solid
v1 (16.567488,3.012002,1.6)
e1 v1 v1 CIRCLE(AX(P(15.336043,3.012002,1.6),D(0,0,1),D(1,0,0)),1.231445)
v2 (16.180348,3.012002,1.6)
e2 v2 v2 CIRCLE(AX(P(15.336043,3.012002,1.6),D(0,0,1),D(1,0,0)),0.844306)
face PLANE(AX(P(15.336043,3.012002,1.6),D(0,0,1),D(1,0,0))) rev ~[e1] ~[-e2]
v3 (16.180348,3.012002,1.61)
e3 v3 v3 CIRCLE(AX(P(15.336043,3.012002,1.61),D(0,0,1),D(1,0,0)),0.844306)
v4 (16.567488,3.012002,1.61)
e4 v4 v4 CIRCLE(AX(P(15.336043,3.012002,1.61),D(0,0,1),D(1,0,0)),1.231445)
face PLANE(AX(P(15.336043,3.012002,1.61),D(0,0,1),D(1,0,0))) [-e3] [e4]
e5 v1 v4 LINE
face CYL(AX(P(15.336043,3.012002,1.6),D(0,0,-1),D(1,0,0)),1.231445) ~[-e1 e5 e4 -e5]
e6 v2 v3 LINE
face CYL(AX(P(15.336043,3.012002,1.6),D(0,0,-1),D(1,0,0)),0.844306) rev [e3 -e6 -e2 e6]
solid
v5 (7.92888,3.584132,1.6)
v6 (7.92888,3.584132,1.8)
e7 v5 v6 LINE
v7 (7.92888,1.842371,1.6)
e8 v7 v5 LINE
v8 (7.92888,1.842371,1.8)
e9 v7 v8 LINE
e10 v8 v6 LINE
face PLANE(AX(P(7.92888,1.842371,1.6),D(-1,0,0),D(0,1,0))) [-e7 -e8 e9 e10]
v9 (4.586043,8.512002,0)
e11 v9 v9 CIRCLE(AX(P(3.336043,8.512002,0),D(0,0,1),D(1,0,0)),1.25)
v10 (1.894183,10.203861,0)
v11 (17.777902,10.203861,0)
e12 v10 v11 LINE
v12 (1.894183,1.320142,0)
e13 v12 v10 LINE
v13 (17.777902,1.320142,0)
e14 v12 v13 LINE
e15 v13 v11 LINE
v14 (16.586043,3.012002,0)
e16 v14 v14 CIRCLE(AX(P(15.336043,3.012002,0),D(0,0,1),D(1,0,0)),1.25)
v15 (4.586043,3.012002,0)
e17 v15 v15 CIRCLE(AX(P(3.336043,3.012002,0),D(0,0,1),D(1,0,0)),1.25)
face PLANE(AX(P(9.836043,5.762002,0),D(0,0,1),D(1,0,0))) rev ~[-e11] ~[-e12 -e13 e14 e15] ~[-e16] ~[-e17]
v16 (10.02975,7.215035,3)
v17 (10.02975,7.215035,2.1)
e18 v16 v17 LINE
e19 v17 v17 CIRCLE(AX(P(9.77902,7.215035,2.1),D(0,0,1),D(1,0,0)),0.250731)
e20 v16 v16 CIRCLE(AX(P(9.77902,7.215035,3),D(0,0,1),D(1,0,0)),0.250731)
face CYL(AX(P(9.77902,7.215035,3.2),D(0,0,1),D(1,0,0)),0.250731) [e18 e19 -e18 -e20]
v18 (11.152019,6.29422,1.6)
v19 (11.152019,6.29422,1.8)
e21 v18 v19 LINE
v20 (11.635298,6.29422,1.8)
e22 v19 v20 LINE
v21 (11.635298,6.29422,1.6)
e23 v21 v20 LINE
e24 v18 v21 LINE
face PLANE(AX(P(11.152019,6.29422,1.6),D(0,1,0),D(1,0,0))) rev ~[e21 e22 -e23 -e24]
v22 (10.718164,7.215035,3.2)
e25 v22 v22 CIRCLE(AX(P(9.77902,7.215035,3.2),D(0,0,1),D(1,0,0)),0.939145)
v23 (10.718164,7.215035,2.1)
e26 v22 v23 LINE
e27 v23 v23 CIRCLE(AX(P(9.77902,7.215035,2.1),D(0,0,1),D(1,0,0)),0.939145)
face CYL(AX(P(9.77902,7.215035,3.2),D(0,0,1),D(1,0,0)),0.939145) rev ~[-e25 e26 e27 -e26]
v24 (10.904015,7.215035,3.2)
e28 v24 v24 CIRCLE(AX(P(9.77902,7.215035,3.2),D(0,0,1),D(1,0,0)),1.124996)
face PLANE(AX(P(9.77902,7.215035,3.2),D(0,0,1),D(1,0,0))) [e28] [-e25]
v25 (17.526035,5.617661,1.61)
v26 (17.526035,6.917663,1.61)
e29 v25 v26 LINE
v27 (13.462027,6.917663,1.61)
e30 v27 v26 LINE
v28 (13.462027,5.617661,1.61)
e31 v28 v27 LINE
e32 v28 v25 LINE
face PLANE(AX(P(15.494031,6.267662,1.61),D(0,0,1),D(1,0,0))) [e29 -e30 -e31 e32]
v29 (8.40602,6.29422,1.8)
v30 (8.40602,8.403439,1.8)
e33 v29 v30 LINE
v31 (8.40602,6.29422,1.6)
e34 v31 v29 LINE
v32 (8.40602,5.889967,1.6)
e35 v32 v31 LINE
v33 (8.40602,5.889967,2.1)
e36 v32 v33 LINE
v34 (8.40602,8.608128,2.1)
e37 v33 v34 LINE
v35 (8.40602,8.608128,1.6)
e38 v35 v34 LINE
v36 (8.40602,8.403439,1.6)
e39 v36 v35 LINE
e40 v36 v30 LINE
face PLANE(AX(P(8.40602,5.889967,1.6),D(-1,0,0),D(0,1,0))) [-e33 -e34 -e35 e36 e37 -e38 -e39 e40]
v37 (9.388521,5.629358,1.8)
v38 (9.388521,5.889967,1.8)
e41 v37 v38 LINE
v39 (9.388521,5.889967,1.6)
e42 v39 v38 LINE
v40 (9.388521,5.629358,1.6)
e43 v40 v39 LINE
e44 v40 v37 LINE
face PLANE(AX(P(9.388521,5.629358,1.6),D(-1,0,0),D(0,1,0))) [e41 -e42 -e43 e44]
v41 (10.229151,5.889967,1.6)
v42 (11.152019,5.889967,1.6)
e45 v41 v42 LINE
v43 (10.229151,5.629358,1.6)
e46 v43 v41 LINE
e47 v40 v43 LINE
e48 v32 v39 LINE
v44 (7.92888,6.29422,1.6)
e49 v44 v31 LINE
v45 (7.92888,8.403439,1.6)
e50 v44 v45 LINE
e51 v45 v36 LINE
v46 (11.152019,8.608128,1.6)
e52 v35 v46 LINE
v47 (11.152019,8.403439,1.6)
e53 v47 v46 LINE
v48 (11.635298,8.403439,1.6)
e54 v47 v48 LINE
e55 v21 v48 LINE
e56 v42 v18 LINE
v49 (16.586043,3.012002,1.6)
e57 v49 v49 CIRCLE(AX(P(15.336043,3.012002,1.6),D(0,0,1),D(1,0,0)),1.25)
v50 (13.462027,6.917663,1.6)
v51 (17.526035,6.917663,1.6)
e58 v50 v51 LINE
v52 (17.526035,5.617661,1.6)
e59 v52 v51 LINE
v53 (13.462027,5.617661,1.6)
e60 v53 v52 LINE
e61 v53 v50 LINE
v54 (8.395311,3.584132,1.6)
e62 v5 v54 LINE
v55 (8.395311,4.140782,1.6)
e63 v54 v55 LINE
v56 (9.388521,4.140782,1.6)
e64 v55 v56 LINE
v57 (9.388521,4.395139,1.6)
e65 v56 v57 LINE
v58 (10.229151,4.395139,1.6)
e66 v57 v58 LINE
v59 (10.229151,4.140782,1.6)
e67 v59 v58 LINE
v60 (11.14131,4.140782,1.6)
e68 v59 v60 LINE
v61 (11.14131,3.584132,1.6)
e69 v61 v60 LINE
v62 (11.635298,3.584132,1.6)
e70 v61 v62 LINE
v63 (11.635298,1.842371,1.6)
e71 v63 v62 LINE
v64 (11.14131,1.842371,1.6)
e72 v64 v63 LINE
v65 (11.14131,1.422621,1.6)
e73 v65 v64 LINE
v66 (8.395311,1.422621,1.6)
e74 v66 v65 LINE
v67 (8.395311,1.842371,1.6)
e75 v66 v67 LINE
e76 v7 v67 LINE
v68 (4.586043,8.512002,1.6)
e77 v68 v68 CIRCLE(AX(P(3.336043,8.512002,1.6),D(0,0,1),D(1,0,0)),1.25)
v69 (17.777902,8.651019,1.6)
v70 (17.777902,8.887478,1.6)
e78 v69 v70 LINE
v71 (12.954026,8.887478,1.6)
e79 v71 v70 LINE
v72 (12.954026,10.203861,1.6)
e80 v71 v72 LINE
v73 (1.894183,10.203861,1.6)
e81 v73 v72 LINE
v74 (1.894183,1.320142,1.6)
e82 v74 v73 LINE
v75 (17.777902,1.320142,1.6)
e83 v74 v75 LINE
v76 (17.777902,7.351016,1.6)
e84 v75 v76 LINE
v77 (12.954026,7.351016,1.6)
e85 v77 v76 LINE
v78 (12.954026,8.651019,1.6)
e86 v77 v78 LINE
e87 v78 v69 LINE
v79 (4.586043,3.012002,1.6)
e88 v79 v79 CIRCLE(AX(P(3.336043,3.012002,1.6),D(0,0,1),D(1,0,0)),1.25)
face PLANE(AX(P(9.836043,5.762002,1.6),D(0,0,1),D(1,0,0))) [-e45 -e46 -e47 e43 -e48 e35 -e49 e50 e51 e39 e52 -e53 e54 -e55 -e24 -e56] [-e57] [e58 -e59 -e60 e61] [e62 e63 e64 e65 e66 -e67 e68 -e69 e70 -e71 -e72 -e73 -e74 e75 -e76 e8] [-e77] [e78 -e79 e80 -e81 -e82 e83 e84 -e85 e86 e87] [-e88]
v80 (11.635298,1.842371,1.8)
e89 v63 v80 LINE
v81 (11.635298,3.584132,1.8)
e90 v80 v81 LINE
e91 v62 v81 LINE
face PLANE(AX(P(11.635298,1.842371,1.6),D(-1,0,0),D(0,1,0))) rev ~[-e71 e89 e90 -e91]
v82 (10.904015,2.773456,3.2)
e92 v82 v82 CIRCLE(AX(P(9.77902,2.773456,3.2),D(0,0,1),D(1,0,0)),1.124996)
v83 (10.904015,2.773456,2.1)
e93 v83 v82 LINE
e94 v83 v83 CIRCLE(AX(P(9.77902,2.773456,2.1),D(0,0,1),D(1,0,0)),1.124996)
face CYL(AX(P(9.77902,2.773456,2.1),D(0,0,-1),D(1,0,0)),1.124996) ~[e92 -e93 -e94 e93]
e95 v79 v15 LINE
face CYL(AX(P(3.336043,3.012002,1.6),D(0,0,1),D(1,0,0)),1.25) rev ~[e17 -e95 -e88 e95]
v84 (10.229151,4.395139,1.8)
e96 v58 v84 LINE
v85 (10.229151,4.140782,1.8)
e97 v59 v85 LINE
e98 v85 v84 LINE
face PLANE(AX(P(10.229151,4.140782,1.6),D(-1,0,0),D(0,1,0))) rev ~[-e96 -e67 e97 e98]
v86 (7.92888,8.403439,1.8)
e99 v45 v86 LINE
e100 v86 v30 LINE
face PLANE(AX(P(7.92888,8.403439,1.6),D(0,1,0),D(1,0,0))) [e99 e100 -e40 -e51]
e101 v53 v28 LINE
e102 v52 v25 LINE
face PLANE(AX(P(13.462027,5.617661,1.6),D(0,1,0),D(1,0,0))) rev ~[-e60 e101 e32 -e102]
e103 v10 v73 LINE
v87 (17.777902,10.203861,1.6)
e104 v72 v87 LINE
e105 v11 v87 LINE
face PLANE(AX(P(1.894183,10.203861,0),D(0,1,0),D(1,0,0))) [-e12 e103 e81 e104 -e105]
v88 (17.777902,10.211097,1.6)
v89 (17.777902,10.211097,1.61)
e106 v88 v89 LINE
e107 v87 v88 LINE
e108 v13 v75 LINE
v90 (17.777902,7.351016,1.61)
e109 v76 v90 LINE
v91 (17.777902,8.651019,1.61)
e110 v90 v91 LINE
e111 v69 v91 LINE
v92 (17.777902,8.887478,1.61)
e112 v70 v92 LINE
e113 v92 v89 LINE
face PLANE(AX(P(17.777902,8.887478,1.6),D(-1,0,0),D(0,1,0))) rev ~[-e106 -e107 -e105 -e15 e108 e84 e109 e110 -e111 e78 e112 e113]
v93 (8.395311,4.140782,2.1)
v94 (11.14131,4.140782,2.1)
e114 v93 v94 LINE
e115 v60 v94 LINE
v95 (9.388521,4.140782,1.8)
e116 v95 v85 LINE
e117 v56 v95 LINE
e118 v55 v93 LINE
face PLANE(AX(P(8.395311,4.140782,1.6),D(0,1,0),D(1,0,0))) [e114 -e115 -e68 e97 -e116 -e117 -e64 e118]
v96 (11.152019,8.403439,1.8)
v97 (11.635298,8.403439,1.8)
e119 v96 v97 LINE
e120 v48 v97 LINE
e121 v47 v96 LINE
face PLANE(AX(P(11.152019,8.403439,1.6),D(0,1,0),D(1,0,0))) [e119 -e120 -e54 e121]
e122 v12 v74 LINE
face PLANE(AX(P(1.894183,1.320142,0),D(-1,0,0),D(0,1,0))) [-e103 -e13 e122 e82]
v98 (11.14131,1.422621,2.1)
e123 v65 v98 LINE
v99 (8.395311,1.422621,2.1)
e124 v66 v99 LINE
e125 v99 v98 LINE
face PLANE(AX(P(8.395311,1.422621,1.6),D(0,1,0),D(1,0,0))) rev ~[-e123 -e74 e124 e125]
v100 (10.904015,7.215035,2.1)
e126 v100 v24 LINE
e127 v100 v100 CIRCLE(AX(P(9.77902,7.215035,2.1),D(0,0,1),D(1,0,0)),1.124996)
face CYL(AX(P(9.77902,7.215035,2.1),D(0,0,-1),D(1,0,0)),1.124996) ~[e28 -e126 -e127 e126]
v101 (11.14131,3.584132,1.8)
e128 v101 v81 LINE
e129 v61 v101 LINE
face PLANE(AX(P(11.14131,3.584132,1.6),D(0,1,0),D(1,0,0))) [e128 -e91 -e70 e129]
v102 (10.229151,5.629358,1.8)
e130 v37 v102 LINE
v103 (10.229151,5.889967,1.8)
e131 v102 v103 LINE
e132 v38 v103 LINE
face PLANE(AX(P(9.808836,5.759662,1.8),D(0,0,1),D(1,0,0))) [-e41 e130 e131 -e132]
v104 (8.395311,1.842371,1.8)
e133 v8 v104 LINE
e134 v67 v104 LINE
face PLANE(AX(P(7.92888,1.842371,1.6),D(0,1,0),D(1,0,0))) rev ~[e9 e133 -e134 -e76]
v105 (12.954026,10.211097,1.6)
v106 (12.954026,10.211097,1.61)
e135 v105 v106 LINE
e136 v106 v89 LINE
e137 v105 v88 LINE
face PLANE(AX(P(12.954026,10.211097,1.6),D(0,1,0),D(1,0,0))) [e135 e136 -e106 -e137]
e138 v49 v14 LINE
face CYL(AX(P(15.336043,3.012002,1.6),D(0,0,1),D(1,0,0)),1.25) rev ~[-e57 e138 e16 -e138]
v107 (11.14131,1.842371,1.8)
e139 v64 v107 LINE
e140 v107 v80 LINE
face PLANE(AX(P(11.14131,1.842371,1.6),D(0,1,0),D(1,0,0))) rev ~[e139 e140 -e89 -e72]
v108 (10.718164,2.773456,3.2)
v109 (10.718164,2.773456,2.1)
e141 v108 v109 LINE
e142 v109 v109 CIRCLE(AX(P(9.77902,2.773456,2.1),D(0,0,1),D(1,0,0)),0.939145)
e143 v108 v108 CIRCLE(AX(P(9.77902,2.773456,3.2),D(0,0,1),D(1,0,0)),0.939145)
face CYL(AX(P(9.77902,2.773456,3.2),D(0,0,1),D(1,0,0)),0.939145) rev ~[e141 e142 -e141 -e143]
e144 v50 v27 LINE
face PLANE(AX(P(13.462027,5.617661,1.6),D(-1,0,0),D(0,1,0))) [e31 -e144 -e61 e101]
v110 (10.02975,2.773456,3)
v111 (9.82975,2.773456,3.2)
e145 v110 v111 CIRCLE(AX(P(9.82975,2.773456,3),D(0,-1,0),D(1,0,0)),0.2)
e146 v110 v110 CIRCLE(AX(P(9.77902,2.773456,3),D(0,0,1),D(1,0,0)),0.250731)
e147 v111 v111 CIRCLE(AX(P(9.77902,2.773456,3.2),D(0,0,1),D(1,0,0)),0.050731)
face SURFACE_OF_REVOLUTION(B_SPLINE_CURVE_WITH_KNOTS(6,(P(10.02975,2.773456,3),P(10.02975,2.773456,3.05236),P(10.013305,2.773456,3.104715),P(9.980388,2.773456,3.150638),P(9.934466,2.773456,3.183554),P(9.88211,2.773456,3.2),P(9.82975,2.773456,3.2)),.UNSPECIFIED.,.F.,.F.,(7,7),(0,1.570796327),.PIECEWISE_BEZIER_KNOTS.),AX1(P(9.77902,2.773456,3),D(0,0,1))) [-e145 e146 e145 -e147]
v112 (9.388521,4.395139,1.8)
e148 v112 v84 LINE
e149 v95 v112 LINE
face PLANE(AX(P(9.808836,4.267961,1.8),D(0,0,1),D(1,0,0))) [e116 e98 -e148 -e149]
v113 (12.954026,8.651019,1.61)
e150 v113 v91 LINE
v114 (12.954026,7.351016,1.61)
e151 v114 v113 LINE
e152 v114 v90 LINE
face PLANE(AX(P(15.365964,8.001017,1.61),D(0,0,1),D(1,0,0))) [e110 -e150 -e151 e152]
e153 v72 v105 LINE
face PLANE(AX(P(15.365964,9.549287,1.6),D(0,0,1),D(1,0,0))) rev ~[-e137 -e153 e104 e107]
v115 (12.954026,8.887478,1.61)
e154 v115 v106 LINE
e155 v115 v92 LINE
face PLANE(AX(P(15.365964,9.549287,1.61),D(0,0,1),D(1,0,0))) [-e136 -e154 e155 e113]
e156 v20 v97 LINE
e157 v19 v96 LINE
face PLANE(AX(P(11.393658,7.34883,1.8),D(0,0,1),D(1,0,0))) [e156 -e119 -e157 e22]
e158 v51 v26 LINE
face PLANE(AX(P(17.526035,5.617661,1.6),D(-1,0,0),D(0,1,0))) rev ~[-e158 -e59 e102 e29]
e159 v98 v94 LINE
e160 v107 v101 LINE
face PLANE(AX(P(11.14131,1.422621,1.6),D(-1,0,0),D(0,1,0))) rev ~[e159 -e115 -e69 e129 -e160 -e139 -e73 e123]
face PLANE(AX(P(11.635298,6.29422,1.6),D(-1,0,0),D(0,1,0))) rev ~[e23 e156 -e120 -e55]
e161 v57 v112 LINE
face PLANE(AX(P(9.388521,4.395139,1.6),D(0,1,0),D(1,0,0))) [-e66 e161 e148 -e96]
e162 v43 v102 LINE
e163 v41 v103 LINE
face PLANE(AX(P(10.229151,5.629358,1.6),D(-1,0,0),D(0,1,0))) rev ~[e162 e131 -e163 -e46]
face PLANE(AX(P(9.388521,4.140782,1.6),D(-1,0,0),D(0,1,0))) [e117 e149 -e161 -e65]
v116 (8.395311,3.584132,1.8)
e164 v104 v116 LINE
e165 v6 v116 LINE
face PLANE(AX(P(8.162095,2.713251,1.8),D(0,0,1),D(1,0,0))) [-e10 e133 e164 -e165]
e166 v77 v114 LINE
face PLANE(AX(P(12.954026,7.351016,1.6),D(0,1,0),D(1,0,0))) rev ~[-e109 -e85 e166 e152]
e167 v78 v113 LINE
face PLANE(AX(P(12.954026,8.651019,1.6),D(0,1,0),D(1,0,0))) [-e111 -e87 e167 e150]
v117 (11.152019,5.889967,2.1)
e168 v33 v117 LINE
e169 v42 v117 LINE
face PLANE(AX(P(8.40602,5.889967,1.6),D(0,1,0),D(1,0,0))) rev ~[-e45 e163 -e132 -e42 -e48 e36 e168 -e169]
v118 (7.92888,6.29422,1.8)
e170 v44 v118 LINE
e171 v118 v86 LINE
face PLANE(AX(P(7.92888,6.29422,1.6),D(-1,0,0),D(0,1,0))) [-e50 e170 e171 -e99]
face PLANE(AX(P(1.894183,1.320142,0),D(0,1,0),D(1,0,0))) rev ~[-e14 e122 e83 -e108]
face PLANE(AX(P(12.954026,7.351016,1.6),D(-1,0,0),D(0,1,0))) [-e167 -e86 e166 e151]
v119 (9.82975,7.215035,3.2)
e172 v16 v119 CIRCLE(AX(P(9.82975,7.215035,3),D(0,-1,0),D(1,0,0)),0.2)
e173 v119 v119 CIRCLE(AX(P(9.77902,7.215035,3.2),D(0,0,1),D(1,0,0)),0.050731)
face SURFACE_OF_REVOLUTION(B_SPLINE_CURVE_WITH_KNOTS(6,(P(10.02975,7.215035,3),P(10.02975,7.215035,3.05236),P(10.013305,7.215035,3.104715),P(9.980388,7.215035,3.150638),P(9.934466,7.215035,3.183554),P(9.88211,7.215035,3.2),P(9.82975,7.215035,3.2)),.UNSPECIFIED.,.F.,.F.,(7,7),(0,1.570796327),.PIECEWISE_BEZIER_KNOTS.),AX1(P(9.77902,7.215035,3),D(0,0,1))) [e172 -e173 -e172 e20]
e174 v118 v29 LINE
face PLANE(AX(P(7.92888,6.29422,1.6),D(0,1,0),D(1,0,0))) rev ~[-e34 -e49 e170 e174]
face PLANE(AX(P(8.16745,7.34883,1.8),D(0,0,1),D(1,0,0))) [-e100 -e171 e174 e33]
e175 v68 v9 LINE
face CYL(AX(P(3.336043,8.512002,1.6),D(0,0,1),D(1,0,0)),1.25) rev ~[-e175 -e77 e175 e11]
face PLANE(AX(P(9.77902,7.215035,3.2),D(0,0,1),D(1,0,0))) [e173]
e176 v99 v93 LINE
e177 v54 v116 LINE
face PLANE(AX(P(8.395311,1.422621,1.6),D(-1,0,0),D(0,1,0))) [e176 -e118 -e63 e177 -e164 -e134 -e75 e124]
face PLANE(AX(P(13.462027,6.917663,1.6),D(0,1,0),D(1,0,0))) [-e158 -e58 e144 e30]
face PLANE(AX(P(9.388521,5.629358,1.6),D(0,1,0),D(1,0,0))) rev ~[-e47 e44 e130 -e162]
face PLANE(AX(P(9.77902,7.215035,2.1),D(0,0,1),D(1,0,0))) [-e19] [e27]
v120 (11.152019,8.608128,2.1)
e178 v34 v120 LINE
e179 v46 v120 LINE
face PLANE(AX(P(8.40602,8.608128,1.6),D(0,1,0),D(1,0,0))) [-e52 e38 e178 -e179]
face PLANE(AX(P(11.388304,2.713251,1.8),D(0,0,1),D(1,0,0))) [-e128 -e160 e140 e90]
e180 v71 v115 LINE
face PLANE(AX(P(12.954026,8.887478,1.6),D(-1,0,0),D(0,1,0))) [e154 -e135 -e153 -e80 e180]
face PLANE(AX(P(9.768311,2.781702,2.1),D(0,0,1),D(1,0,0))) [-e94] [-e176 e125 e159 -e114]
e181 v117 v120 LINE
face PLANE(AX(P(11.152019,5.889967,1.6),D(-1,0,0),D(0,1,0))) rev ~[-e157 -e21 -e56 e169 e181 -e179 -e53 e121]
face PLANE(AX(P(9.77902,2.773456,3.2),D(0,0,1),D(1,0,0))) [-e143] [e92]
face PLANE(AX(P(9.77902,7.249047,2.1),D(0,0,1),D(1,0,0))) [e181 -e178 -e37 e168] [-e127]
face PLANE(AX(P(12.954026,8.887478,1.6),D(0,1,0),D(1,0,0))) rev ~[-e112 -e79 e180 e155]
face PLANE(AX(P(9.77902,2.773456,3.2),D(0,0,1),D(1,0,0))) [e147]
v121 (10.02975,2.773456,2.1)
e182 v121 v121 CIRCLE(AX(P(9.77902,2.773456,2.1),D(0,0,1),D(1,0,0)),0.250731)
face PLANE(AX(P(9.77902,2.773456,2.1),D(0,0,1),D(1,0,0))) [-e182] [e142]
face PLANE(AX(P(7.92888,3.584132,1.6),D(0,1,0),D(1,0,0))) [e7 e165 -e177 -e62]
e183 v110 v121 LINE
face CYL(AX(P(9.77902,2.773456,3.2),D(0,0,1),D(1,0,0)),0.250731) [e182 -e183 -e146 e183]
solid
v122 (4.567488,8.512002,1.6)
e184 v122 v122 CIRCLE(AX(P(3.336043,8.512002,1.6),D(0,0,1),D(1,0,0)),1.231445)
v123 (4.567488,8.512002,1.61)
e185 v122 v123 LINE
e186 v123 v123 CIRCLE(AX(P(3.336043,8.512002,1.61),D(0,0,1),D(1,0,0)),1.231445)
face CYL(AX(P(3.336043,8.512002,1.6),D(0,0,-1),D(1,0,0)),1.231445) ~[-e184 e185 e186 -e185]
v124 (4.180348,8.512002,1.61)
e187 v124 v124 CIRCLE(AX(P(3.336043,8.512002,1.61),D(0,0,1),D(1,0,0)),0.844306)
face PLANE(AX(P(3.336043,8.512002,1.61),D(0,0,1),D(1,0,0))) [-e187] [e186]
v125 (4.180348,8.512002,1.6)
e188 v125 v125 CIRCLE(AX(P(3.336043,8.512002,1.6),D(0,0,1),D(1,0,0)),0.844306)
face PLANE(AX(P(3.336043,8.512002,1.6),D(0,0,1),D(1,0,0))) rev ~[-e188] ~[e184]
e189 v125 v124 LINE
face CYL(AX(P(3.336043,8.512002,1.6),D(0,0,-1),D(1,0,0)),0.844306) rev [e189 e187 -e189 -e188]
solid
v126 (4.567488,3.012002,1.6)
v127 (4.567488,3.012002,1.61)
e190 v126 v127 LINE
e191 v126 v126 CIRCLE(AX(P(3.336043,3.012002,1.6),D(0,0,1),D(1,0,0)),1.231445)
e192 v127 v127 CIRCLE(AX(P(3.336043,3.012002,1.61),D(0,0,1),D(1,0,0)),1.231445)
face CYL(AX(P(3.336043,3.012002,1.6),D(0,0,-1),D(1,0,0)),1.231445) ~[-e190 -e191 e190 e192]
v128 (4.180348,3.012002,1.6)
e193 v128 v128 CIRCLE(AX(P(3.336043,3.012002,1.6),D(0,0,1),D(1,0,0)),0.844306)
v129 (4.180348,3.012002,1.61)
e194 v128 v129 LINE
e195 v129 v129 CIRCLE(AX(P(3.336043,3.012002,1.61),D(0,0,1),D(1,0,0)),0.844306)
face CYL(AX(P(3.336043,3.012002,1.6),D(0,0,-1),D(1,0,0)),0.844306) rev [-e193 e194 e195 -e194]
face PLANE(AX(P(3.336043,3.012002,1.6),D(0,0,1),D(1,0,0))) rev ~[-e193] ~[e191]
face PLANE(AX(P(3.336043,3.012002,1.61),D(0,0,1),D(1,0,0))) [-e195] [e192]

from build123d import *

# Parameters (mm, degrees)
SKETCH_2_W          = 15.883718568
SKETCH_2_H          = 8.883718568
EXTRUDE_1_DEPTH     = 1.6
SKETCH_3_R          = 1.25
CUT_EXTRUDE_1_DEPTH = 2.6
SKETCH_4_W          = 2.745999492
SKETCH_4_H          = 2.718161036
EXTRUDE_2_DEPTH     = 0.5
SKETCH_5_R          = 1.12499557
EXTRUDE_3_DEPTH     = 1.1
SKETCH_6_R          = 0.939144678
SKETCH_6_R_2        = 0.250730718
CUT_EXTRUDE_2_DEPTH = 1.1
SKETCH_7_W          = 4.823876048
SKETCH_7_H          = 1.323618812
SKETCH_7_H_2        = 1.30000254
SKETCH_7_W_2        = 4.064007974
SKETCH_7_H_3        = 1.300002495
EXTRUDE_4_DEPTH     = 0.01
SKETCH_8_R          = 1.23144493
SKETCH_8_R_2        = 0.844305723
EXTRUDE_5_DEPTH     = 0.01
EXTRUDE_5_2_DEPTH   = 0.01
EXTRUDE_5_3_DEPTH   = 0.01
SKETCH_10_W         = 0.477139809
SKETCH_10_H         = 2.109219038
SKETCH_10_W_2       = 0.48327821
SKETCH_10_W_3       = 0.840630776
SKETCH_10_H_2       = 0.260609051
SKETCH_10_W_4       = 0.466430951
SKETCH_10_H_3       = 1.741760788
SKETCH_10_W_5       = 0.493987068
SKETCH_10_H_4       = 0.254356202
EXTRUDE_6_DEPTH     = 0.2
FILLET_1_R          = 0.2


with BuildPart() as part:
    # 草图2 → 凸台-拉伸1 (new body)
    with BuildSketch(Plane.XY):
        with Locations((9.836042672, 5.762001524)):
            Rectangle(SKETCH_2_W, SKETCH_2_H)
    extrude(amount=EXTRUDE_1_DEPTH)

    # 草图3 → 切除-拉伸1 (cut, through all)
    with BuildSketch(Plane.XY.offset(1.6)):
        with Locations((3.336042672, 8.512001524)):
            Circle(SKETCH_3_R)
        with Locations((15.336042672, 3.012001525)):
            Circle(SKETCH_3_R)
        with Locations((3.336042672, 3.012001524)):
            Circle(SKETCH_3_R)
    extrude(amount=-CUT_EXTRUDE_1_DEPTH, mode=Mode.SUBTRACT)

    # 草图4 → 凸台-拉伸2 (add)
    with BuildSketch(Plane.XY.offset(1.6)):
        with Locations((9.7683107, 2.781701931)):
            Rectangle(SKETCH_4_W, SKETCH_4_H)
        with Locations((9.779019558, 7.249047498)):
            Rectangle(SKETCH_4_W, SKETCH_4_H)
    extrude(amount=EXTRUDE_2_DEPTH)

    # 草图5 → 凸台-拉伸3 (add)
    with BuildSketch(Plane.XY.offset(2.1)):
        with Locations((9.779019558, 7.215035087)):
            Circle(SKETCH_5_R)
        with Locations((9.779019558, 2.773456295)):
            Circle(SKETCH_5_R)
    extrude(amount=EXTRUDE_3_DEPTH)

    # 草图6 → 切除-拉伸2 (cut)
    with BuildSketch(Plane.XY.offset(3.2)):
        with Locations((9.779019558, 7.215035087)):
            Circle(SKETCH_6_R)
        with Locations((9.779019558, 7.215035087)):
            Circle(SKETCH_6_R_2, mode=Mode.SUBTRACT)
        with Locations((9.779019558, 2.773456295)):
            Circle(SKETCH_6_R)
        with Locations((9.779019558, 2.773456295)):
            Circle(SKETCH_6_R_2, mode=Mode.SUBTRACT)
    extrude(amount=-CUT_EXTRUDE_2_DEPTH, mode=Mode.SUBTRACT)

    # 草图7 → 凸台-拉伸4 (add)
    with BuildSketch(Plane.XY.offset(1.6)):
        with Locations((15.365963932, 9.549287181)):
            Rectangle(SKETCH_7_W, SKETCH_7_H)
        with Locations((15.365963932, 8.001017272)):
            Rectangle(SKETCH_7_W, SKETCH_7_H_2)
        with Locations((15.494031065, 6.267661948)):
            Rectangle(SKETCH_7_W_2, SKETCH_7_H_3)
    extrude(amount=EXTRUDE_4_DEPTH)

    # 草图10 → 凸台-拉伸6 (add)
    with BuildSketch(Plane.XY.offset(1.6)):
        with Locations((8.167449907, 7.34882997)):
            Rectangle(SKETCH_10_W, SKETCH_10_H)
        with Locations((11.393658409, 7.34882997)):
            Rectangle(SKETCH_10_W_2, SKETCH_10_H)
        with Locations((9.808836101, 5.759662455)):
            Rectangle(SKETCH_10_W_3, SKETCH_10_H_2)
        with Locations((8.162095479, 2.713251358)):
            Rectangle(SKETCH_10_W_4, SKETCH_10_H_3)
        with Locations((11.38830398, 2.713251358)):
            Rectangle(SKETCH_10_W_5, SKETCH_10_H_3)
        with Locations((9.808836101, 4.26796055)):
            Rectangle(SKETCH_10_W_3, SKETCH_10_H_4)
    extrude(amount=EXTRUDE_6_DEPTH)

    # 圆角1
    fillet_1_edges = [part.edges().sort_by_distance(p)[0] for p in [
        (9.52828884, 7.215035087, 3.2),
        (9.52828884, 2.773456295, 3.2),
    ]]
    fillet(fillet_1_edges, radius=FILLET_1_R)


with BuildPart() as body_2:
    # 草图8 → 凸台-拉伸5 (new body)
    with BuildSketch(Plane.XY.offset(1.6)):
        with Locations((3.336042672, 8.512001524)):
            Circle(SKETCH_8_R)
        with Locations((3.336042672, 8.512001524)):
            Circle(SKETCH_8_R_2, mode=Mode.SUBTRACT)
    extrude(amount=EXTRUDE_5_DEPTH)


with BuildPart() as body_3:
    # 草图8 → Extrude 5 2 (new body)
    with BuildSketch(Plane.XY.offset(1.6)):
        with Locations((3.336042672, 3.012001524)):
            Circle(SKETCH_8_R)
        with Locations((3.336042672, 3.012001524)):
            Circle(SKETCH_8_R_2, mode=Mode.SUBTRACT)
    extrude(amount=EXTRUDE_5_2_DEPTH)


with BuildPart() as body_4:
    # 草图8 → Extrude 5 3 (new body)
    with BuildSketch(Plane.XY.offset(1.6)):
        with Locations((15.336042672, 3.012001525)):
            Circle(SKETCH_8_R)
        with Locations((15.336042672, 3.012001525)):
            Circle(SKETCH_8_R_2, mode=Mode.SUBTRACT)
    extrude(amount=EXTRUDE_5_3_DEPTH)


solid = Compound([part.part, body_2.part, body_3.part, body_4.part])
